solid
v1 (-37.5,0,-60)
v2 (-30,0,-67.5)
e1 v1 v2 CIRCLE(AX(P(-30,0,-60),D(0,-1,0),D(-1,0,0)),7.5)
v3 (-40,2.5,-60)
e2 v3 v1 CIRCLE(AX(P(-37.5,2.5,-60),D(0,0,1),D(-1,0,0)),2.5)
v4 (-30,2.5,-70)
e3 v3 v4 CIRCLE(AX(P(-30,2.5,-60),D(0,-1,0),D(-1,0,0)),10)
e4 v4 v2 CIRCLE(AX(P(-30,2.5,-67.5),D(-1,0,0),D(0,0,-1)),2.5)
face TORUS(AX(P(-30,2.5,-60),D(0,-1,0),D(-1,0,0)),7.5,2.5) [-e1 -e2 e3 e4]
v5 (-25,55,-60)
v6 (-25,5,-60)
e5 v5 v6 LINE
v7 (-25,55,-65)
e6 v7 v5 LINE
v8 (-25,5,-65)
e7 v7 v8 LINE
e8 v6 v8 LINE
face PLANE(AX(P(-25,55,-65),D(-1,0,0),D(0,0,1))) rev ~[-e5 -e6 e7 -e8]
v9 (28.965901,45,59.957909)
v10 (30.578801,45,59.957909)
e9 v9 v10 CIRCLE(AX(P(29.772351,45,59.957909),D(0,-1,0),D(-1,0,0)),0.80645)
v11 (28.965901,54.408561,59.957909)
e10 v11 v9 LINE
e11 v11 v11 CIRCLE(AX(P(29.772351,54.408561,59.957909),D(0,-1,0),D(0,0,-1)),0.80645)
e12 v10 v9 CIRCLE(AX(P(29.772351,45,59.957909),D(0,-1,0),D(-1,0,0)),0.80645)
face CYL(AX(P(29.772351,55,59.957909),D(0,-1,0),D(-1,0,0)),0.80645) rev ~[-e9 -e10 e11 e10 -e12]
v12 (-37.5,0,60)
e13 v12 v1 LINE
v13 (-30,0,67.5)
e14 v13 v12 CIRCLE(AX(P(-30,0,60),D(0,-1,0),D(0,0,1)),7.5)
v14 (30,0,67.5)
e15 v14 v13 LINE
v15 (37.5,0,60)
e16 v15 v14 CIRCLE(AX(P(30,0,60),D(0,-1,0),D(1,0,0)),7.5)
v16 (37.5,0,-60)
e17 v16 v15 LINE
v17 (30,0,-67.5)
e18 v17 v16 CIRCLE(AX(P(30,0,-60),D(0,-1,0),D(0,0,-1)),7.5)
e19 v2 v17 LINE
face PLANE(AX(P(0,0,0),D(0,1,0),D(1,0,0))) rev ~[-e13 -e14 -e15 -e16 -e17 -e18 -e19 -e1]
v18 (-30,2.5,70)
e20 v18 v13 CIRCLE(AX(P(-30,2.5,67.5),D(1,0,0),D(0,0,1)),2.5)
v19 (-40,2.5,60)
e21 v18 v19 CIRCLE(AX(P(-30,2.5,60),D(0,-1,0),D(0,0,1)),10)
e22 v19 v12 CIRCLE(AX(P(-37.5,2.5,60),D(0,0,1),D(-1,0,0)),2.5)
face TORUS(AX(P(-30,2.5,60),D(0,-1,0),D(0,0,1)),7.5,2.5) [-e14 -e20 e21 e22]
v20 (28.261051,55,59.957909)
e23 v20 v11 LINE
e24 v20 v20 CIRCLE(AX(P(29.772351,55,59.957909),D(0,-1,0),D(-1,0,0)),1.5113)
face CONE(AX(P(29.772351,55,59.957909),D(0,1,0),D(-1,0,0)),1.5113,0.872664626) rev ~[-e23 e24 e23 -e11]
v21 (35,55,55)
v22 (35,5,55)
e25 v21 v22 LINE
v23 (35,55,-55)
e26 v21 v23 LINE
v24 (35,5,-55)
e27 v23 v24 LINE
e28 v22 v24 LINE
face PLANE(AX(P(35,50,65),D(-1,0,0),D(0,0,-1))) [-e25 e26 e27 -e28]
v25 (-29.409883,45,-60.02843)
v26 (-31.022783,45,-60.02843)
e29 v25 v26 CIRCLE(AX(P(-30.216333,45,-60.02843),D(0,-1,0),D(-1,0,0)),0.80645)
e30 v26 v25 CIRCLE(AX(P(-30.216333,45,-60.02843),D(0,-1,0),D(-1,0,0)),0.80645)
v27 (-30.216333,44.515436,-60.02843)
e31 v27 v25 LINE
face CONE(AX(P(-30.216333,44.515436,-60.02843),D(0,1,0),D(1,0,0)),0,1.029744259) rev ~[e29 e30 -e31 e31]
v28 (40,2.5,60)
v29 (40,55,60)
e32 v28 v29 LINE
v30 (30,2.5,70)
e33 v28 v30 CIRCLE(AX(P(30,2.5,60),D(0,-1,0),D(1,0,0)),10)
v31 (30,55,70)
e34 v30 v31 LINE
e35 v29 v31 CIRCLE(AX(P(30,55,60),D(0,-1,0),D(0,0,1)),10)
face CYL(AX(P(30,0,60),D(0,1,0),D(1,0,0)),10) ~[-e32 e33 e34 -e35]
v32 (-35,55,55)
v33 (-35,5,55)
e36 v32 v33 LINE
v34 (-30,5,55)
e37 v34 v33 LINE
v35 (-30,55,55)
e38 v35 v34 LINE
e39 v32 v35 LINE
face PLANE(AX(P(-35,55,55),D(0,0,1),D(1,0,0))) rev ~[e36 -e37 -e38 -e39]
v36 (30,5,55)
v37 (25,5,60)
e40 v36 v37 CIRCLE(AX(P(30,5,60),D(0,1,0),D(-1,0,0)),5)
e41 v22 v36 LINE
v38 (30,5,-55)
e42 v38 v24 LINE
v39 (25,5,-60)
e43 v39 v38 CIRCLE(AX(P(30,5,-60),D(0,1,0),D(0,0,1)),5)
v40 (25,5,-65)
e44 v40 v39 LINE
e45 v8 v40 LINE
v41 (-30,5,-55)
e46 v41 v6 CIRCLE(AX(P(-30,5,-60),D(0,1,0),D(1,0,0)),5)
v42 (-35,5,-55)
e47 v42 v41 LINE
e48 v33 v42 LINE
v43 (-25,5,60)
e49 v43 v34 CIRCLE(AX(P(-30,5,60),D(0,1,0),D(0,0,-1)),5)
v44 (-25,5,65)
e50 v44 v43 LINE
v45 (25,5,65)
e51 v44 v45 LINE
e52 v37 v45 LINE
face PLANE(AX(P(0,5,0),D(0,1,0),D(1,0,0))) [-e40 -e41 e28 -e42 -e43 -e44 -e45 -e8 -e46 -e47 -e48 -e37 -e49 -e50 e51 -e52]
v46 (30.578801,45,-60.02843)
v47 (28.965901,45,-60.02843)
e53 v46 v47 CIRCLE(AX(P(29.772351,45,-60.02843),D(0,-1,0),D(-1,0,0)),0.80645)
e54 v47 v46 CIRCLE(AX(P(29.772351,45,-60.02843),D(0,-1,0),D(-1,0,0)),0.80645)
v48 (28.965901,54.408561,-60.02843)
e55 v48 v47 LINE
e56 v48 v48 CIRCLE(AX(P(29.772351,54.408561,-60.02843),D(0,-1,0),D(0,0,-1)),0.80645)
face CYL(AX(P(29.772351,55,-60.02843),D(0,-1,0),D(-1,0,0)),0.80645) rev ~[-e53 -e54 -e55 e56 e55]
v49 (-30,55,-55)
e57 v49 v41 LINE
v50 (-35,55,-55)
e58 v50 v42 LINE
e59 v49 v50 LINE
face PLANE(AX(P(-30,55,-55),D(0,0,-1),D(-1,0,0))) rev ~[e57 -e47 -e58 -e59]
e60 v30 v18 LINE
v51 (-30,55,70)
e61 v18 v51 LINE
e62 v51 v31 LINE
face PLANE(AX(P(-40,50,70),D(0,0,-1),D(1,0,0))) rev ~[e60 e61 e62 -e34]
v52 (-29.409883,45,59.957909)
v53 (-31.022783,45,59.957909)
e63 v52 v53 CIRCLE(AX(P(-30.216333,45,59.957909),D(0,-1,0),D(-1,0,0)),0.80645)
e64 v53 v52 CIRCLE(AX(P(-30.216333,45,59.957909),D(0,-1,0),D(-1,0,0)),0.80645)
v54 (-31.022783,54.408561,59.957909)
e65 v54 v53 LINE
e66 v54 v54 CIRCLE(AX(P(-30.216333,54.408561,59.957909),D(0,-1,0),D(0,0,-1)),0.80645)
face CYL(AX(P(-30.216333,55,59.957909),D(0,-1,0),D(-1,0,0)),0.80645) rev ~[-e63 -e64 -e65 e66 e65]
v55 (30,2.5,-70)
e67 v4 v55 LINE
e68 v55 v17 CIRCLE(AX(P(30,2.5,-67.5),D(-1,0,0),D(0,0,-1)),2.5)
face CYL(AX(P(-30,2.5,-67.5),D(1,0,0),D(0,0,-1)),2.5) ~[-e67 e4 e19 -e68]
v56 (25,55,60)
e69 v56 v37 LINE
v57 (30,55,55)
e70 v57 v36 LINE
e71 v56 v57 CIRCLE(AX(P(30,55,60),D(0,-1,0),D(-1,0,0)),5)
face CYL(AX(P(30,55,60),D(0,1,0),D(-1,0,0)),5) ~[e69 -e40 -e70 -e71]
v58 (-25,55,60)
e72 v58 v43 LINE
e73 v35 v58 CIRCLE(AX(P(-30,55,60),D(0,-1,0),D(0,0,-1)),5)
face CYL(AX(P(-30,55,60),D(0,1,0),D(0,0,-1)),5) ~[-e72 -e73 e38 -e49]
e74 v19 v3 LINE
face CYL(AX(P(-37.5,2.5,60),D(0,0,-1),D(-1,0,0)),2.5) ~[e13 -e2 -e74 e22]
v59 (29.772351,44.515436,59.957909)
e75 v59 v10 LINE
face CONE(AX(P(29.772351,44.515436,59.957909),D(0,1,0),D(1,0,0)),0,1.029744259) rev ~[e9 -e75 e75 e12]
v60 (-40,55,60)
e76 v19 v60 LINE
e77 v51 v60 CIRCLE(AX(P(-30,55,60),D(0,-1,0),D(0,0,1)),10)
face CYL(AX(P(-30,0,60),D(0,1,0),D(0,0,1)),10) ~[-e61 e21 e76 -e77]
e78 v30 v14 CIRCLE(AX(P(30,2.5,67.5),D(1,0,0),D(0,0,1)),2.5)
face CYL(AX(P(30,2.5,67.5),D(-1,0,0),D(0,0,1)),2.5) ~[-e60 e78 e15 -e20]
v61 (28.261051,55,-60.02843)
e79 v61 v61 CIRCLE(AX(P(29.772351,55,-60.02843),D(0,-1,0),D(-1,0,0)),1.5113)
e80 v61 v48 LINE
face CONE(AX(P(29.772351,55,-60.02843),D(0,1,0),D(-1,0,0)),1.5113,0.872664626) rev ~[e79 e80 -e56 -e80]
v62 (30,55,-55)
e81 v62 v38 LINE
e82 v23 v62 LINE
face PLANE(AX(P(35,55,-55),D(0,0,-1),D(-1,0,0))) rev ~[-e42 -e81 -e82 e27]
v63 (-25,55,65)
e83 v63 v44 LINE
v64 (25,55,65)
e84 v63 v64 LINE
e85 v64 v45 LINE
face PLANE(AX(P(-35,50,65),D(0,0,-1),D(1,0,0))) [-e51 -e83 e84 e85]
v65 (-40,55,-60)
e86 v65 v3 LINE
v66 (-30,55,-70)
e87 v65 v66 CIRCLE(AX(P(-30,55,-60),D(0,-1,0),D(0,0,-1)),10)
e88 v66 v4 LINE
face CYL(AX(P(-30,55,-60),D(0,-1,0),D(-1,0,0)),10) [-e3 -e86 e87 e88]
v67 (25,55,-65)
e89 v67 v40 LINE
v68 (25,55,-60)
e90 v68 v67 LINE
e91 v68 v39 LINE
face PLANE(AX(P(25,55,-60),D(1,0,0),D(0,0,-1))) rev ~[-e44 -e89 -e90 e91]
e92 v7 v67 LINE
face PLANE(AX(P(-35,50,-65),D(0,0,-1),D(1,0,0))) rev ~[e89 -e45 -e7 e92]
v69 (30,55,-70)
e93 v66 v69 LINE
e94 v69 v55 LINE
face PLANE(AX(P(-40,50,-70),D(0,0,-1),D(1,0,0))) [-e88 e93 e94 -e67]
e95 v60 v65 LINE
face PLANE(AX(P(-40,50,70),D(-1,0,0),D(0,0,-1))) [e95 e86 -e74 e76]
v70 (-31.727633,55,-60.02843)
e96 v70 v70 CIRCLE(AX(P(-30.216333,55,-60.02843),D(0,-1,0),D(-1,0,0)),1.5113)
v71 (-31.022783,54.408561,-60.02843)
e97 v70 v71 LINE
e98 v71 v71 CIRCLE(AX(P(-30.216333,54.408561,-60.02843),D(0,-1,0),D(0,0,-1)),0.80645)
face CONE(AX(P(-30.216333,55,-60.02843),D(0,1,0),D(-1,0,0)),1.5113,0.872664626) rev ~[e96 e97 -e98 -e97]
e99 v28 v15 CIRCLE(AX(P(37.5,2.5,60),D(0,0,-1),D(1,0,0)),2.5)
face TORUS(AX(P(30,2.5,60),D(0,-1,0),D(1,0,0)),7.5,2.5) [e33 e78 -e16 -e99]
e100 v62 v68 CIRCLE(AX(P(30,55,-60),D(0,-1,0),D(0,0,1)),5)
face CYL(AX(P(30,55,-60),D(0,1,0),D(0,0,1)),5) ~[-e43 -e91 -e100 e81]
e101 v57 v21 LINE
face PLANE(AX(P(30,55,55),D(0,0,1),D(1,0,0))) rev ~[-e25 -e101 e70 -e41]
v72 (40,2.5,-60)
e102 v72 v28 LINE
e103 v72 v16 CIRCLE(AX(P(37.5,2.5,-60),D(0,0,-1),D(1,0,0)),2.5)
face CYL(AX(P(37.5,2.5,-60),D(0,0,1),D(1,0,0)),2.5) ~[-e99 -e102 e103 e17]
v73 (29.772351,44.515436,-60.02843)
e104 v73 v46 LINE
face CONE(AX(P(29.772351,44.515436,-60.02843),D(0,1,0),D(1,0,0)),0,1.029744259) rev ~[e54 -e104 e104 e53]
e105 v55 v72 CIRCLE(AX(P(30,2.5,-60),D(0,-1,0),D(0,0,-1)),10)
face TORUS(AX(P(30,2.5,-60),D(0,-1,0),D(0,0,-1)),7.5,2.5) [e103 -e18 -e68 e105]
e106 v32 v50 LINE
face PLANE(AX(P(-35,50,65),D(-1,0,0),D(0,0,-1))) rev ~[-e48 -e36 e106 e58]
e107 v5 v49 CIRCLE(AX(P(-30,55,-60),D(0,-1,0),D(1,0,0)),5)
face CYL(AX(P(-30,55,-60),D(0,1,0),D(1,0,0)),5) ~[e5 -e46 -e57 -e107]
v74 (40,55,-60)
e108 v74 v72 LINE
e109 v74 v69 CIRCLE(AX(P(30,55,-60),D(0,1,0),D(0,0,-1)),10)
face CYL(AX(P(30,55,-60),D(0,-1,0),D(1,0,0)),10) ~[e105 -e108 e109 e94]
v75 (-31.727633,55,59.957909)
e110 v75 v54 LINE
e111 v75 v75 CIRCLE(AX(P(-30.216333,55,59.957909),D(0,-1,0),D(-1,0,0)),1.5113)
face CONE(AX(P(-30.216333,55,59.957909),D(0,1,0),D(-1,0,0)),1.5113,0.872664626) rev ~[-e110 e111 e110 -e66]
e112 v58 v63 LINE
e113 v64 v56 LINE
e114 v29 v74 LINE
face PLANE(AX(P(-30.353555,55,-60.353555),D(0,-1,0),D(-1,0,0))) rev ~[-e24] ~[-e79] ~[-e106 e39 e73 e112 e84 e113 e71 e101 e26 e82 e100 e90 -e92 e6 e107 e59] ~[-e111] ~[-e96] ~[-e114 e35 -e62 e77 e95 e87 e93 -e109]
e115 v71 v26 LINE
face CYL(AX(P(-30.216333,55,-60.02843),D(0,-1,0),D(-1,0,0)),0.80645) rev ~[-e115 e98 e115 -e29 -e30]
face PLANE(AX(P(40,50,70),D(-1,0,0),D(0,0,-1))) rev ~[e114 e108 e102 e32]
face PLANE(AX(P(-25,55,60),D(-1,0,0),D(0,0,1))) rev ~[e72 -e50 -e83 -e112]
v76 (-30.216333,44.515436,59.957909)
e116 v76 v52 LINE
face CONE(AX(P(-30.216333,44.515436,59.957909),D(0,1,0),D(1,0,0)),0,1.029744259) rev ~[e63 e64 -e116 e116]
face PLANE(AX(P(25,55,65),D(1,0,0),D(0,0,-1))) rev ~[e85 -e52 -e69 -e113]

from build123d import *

# Parameters (mm, degrees)
SKETCH2_W                                         = 80
SKETCH2_H                                         = 140
BOSS_EXTRUDE1_DEPTH                               = 50
SHELL1_T                                          = -5
SKETCH3_W                                         = 80
SKETCH3_H                                         = 140
SKETCH3_W_2                                       = 70
SKETCH3_H_2                                       = 130
BOSS_EXTRUDE2_DEPTH                               = 5
BOSS_EXTRUDE3_REACH                               = 99.596
CSK_FOR_0_FLAT_HEAD_MACHINE_SCREW_100_D           = 1.6129
CSK_FOR_0_FLAT_HEAD_MACHINE_SCREW_100_DEPTH       = 10
CSK_FOR_0_FLAT_HEAD_MACHINE_SCREW_100_CSINK_D     = 3.0226
CSK_FOR_0_FLAT_HEAD_MACHINE_SCREW_100_CSINK_ANGLE = 100
CSK_FOR_0_FLAT_HEAD_MACHINE_SCREW_100_TIP         = 0.484564046
FILLET1_R                                         = 10
FILLET2_R                                         = 2.5


with BuildPart() as part:
    # Sketch2 → Boss-Extrude1 (new body)
    with BuildSketch(Plane(origin=(0, 0, 0), x_dir=(1, 0, 0), z_dir=(0, 1, 0))):
        Rectangle(SKETCH2_W, SKETCH2_H)
    extrude(amount=BOSS_EXTRUDE1_DEPTH)

    # Shell1
    shell1_openings = [part.faces().sort_by_distance(p)[0] for p in [
        (0, 50, 0),
    ]]
    offset(amount=SHELL1_T, openings=shell1_openings, kind=Kind.INTERSECTION)

    # Sketch3 → Boss-Extrude2 (add)
    with BuildSketch(Plane(origin=(0, 50, 0), x_dir=(1, 0, 0), z_dir=(0, 1, 0))):
        Rectangle(SKETCH3_W, SKETCH3_H)
        Rectangle(SKETCH3_W_2, SKETCH3_H_2, mode=Mode.SUBTRACT)
    extrude(amount=BOSS_EXTRUDE2_DEPTH)

    # Sketch4 → Boss-Extrude3 (add, up to next)
    with BuildSketch(Plane(origin=(0, 55, 0), x_dir=(1, 0, 0), z_dir=(0, 1, 0)), mode=Mode.PRIVATE) as boss_extrude3_sk1:
        with BuildLine():
            Line((-35, -65), (-35, -55))
            Line((-35, -55), (-30, -55))
            ThreePointArc((-30, -55), (-26.464466094, -56.464466094), (-25, -60))
            Line((-25, -60), (-25, -65))
            Line((-25, -65), (-35, -65))
        make_face()
    boss_extrude3_tool1 = extrude(boss_extrude3_sk1.sketch, amount=-BOSS_EXTRUDE3_REACH, mode=Mode.PRIVATE) - part.part
    # Sketch4 → Boss-Extrude3 (add, up to next)
    with BuildSketch(Plane(origin=(0, 55, 0), x_dir=(1, 0, 0), z_dir=(0, 1, 0)), mode=Mode.PRIVATE) as boss_extrude3_sk2:
        with BuildLine():
            Line((30, -55), (35, -55))
            Line((35, -55), (35, -65))
            Line((35, -65), (25, -65))
            Line((25, -65), (25, -60))
            ThreePointArc((25, -60), (26.464466094, -56.464466094), (30, -55))
        make_face()
    boss_extrude3_tool2 = extrude(boss_extrude3_sk2.sketch, amount=-BOSS_EXTRUDE3_REACH, mode=Mode.PRIVATE) - part.part
    # Sketch4 → Boss-Extrude3 (add, up to next)
    with BuildSketch(Plane(origin=(0, 55, 0), x_dir=(1, 0, 0), z_dir=(0, 1, 0)), mode=Mode.PRIVATE) as boss_extrude3_sk3:
        with BuildLine():
            Line((25, 60), (25, 65))
            Line((25, 65), (35, 65))
            Line((35, 65), (35, 55))
            Line((35, 55), (30, 55))
            ThreePointArc((30, 55), (26.464466094, 56.464466094), (25, 60))
        make_face()
    boss_extrude3_tool3 = extrude(boss_extrude3_sk3.sketch, amount=-BOSS_EXTRUDE3_REACH, mode=Mode.PRIVATE) - part.part
    # Sketch4 → Boss-Extrude3 (add, up to next)
    with BuildSketch(Plane(origin=(0, 55, 0), x_dir=(1, 0, 0), z_dir=(0, 1, 0)), mode=Mode.PRIVATE) as boss_extrude3_sk4:
        with BuildLine():
            Line((-30, 55), (-35, 55))
            Line((-35, 55), (-35, 65))
            Line((-35, 65), (-25, 65))
            Line((-25, 65), (-25, 60))
            ThreePointArc((-25, 60), (-26.464466094, 56.464466094), (-30, 55))
        make_face()
    boss_extrude3_tool4 = extrude(boss_extrude3_sk4.sketch, amount=-BOSS_EXTRUDE3_REACH, mode=Mode.PRIVATE) - part.part
    add(boss_extrude3_tool1.solids().sort_by_distance((-30.220144, 55, 60.220144))[0])
    add(boss_extrude3_tool2.solids().sort_by_distance((30.220144, 55, 60.220144))[0])
    add(boss_extrude3_tool3.solids().sort_by_distance((30.220144, 55, -60.220144))[0])
    add(boss_extrude3_tool4.solids().sort_by_distance((-30.220144, 55, -60.220144))[0])

    # CSK for #0 Flat Head Machine Screw (100)1
    with Locations(Plane(origin=(0, 55, 0), x_dir=(1, 0, 0), z_dir=(0, 1, 0))):
        with Locations((-30.216332876, -59.957909435), (29.772350977, -59.957909435), (29.772350977, 60.028429813), (-30.216332876, 60.028429813)):
            CounterSinkHole(CSK_FOR_0_FLAT_HEAD_MACHINE_SCREW_100_D / 2, CSK_FOR_0_FLAT_HEAD_MACHINE_SCREW_100_CSINK_D / 2, depth=CSK_FOR_0_FLAT_HEAD_MACHINE_SCREW_100_DEPTH, counter_sink_angle=CSK_FOR_0_FLAT_HEAD_MACHINE_SCREW_100_CSINK_ANGLE)
            with Locations((0, 0, -(CSK_FOR_0_FLAT_HEAD_MACHINE_SCREW_100_DEPTH + CSK_FOR_0_FLAT_HEAD_MACHINE_SCREW_100_TIP / 2))):  # 118° drill point
                Cone(0, CSK_FOR_0_FLAT_HEAD_MACHINE_SCREW_100_D / 2, CSK_FOR_0_FLAT_HEAD_MACHINE_SCREW_100_TIP, mode=Mode.SUBTRACT)

    # Fillet1
    fillet1_edges = [part.edges().sort_by_distance(p)[0] for p in [
        (40, 27.5, 70),
        (-40, 27.5, 70),
        (-40, 27.5, -70),
        (40, 27.5, -70),
    ]]
    fillet(fillet1_edges, radius=FILLET1_R)

    # Fillet2
    fillet2_edges = [part.edges().sort_by_distance(p)[0] for p in [
        (-40, 0, 0),
        (40, 0, 0),
        (0, 0, 70),
        (0, 0, -70),
        (37.071067812, 0, 67.071067812),
        (-37.071067812, 0, 67.071067812),
        (37.071067812, 0, -67.071067812),
        (-37.071067812, 0, -67.071067812),
    ]]
    fillet(fillet2_edges, radius=FILLET2_R)


solid = part.part
